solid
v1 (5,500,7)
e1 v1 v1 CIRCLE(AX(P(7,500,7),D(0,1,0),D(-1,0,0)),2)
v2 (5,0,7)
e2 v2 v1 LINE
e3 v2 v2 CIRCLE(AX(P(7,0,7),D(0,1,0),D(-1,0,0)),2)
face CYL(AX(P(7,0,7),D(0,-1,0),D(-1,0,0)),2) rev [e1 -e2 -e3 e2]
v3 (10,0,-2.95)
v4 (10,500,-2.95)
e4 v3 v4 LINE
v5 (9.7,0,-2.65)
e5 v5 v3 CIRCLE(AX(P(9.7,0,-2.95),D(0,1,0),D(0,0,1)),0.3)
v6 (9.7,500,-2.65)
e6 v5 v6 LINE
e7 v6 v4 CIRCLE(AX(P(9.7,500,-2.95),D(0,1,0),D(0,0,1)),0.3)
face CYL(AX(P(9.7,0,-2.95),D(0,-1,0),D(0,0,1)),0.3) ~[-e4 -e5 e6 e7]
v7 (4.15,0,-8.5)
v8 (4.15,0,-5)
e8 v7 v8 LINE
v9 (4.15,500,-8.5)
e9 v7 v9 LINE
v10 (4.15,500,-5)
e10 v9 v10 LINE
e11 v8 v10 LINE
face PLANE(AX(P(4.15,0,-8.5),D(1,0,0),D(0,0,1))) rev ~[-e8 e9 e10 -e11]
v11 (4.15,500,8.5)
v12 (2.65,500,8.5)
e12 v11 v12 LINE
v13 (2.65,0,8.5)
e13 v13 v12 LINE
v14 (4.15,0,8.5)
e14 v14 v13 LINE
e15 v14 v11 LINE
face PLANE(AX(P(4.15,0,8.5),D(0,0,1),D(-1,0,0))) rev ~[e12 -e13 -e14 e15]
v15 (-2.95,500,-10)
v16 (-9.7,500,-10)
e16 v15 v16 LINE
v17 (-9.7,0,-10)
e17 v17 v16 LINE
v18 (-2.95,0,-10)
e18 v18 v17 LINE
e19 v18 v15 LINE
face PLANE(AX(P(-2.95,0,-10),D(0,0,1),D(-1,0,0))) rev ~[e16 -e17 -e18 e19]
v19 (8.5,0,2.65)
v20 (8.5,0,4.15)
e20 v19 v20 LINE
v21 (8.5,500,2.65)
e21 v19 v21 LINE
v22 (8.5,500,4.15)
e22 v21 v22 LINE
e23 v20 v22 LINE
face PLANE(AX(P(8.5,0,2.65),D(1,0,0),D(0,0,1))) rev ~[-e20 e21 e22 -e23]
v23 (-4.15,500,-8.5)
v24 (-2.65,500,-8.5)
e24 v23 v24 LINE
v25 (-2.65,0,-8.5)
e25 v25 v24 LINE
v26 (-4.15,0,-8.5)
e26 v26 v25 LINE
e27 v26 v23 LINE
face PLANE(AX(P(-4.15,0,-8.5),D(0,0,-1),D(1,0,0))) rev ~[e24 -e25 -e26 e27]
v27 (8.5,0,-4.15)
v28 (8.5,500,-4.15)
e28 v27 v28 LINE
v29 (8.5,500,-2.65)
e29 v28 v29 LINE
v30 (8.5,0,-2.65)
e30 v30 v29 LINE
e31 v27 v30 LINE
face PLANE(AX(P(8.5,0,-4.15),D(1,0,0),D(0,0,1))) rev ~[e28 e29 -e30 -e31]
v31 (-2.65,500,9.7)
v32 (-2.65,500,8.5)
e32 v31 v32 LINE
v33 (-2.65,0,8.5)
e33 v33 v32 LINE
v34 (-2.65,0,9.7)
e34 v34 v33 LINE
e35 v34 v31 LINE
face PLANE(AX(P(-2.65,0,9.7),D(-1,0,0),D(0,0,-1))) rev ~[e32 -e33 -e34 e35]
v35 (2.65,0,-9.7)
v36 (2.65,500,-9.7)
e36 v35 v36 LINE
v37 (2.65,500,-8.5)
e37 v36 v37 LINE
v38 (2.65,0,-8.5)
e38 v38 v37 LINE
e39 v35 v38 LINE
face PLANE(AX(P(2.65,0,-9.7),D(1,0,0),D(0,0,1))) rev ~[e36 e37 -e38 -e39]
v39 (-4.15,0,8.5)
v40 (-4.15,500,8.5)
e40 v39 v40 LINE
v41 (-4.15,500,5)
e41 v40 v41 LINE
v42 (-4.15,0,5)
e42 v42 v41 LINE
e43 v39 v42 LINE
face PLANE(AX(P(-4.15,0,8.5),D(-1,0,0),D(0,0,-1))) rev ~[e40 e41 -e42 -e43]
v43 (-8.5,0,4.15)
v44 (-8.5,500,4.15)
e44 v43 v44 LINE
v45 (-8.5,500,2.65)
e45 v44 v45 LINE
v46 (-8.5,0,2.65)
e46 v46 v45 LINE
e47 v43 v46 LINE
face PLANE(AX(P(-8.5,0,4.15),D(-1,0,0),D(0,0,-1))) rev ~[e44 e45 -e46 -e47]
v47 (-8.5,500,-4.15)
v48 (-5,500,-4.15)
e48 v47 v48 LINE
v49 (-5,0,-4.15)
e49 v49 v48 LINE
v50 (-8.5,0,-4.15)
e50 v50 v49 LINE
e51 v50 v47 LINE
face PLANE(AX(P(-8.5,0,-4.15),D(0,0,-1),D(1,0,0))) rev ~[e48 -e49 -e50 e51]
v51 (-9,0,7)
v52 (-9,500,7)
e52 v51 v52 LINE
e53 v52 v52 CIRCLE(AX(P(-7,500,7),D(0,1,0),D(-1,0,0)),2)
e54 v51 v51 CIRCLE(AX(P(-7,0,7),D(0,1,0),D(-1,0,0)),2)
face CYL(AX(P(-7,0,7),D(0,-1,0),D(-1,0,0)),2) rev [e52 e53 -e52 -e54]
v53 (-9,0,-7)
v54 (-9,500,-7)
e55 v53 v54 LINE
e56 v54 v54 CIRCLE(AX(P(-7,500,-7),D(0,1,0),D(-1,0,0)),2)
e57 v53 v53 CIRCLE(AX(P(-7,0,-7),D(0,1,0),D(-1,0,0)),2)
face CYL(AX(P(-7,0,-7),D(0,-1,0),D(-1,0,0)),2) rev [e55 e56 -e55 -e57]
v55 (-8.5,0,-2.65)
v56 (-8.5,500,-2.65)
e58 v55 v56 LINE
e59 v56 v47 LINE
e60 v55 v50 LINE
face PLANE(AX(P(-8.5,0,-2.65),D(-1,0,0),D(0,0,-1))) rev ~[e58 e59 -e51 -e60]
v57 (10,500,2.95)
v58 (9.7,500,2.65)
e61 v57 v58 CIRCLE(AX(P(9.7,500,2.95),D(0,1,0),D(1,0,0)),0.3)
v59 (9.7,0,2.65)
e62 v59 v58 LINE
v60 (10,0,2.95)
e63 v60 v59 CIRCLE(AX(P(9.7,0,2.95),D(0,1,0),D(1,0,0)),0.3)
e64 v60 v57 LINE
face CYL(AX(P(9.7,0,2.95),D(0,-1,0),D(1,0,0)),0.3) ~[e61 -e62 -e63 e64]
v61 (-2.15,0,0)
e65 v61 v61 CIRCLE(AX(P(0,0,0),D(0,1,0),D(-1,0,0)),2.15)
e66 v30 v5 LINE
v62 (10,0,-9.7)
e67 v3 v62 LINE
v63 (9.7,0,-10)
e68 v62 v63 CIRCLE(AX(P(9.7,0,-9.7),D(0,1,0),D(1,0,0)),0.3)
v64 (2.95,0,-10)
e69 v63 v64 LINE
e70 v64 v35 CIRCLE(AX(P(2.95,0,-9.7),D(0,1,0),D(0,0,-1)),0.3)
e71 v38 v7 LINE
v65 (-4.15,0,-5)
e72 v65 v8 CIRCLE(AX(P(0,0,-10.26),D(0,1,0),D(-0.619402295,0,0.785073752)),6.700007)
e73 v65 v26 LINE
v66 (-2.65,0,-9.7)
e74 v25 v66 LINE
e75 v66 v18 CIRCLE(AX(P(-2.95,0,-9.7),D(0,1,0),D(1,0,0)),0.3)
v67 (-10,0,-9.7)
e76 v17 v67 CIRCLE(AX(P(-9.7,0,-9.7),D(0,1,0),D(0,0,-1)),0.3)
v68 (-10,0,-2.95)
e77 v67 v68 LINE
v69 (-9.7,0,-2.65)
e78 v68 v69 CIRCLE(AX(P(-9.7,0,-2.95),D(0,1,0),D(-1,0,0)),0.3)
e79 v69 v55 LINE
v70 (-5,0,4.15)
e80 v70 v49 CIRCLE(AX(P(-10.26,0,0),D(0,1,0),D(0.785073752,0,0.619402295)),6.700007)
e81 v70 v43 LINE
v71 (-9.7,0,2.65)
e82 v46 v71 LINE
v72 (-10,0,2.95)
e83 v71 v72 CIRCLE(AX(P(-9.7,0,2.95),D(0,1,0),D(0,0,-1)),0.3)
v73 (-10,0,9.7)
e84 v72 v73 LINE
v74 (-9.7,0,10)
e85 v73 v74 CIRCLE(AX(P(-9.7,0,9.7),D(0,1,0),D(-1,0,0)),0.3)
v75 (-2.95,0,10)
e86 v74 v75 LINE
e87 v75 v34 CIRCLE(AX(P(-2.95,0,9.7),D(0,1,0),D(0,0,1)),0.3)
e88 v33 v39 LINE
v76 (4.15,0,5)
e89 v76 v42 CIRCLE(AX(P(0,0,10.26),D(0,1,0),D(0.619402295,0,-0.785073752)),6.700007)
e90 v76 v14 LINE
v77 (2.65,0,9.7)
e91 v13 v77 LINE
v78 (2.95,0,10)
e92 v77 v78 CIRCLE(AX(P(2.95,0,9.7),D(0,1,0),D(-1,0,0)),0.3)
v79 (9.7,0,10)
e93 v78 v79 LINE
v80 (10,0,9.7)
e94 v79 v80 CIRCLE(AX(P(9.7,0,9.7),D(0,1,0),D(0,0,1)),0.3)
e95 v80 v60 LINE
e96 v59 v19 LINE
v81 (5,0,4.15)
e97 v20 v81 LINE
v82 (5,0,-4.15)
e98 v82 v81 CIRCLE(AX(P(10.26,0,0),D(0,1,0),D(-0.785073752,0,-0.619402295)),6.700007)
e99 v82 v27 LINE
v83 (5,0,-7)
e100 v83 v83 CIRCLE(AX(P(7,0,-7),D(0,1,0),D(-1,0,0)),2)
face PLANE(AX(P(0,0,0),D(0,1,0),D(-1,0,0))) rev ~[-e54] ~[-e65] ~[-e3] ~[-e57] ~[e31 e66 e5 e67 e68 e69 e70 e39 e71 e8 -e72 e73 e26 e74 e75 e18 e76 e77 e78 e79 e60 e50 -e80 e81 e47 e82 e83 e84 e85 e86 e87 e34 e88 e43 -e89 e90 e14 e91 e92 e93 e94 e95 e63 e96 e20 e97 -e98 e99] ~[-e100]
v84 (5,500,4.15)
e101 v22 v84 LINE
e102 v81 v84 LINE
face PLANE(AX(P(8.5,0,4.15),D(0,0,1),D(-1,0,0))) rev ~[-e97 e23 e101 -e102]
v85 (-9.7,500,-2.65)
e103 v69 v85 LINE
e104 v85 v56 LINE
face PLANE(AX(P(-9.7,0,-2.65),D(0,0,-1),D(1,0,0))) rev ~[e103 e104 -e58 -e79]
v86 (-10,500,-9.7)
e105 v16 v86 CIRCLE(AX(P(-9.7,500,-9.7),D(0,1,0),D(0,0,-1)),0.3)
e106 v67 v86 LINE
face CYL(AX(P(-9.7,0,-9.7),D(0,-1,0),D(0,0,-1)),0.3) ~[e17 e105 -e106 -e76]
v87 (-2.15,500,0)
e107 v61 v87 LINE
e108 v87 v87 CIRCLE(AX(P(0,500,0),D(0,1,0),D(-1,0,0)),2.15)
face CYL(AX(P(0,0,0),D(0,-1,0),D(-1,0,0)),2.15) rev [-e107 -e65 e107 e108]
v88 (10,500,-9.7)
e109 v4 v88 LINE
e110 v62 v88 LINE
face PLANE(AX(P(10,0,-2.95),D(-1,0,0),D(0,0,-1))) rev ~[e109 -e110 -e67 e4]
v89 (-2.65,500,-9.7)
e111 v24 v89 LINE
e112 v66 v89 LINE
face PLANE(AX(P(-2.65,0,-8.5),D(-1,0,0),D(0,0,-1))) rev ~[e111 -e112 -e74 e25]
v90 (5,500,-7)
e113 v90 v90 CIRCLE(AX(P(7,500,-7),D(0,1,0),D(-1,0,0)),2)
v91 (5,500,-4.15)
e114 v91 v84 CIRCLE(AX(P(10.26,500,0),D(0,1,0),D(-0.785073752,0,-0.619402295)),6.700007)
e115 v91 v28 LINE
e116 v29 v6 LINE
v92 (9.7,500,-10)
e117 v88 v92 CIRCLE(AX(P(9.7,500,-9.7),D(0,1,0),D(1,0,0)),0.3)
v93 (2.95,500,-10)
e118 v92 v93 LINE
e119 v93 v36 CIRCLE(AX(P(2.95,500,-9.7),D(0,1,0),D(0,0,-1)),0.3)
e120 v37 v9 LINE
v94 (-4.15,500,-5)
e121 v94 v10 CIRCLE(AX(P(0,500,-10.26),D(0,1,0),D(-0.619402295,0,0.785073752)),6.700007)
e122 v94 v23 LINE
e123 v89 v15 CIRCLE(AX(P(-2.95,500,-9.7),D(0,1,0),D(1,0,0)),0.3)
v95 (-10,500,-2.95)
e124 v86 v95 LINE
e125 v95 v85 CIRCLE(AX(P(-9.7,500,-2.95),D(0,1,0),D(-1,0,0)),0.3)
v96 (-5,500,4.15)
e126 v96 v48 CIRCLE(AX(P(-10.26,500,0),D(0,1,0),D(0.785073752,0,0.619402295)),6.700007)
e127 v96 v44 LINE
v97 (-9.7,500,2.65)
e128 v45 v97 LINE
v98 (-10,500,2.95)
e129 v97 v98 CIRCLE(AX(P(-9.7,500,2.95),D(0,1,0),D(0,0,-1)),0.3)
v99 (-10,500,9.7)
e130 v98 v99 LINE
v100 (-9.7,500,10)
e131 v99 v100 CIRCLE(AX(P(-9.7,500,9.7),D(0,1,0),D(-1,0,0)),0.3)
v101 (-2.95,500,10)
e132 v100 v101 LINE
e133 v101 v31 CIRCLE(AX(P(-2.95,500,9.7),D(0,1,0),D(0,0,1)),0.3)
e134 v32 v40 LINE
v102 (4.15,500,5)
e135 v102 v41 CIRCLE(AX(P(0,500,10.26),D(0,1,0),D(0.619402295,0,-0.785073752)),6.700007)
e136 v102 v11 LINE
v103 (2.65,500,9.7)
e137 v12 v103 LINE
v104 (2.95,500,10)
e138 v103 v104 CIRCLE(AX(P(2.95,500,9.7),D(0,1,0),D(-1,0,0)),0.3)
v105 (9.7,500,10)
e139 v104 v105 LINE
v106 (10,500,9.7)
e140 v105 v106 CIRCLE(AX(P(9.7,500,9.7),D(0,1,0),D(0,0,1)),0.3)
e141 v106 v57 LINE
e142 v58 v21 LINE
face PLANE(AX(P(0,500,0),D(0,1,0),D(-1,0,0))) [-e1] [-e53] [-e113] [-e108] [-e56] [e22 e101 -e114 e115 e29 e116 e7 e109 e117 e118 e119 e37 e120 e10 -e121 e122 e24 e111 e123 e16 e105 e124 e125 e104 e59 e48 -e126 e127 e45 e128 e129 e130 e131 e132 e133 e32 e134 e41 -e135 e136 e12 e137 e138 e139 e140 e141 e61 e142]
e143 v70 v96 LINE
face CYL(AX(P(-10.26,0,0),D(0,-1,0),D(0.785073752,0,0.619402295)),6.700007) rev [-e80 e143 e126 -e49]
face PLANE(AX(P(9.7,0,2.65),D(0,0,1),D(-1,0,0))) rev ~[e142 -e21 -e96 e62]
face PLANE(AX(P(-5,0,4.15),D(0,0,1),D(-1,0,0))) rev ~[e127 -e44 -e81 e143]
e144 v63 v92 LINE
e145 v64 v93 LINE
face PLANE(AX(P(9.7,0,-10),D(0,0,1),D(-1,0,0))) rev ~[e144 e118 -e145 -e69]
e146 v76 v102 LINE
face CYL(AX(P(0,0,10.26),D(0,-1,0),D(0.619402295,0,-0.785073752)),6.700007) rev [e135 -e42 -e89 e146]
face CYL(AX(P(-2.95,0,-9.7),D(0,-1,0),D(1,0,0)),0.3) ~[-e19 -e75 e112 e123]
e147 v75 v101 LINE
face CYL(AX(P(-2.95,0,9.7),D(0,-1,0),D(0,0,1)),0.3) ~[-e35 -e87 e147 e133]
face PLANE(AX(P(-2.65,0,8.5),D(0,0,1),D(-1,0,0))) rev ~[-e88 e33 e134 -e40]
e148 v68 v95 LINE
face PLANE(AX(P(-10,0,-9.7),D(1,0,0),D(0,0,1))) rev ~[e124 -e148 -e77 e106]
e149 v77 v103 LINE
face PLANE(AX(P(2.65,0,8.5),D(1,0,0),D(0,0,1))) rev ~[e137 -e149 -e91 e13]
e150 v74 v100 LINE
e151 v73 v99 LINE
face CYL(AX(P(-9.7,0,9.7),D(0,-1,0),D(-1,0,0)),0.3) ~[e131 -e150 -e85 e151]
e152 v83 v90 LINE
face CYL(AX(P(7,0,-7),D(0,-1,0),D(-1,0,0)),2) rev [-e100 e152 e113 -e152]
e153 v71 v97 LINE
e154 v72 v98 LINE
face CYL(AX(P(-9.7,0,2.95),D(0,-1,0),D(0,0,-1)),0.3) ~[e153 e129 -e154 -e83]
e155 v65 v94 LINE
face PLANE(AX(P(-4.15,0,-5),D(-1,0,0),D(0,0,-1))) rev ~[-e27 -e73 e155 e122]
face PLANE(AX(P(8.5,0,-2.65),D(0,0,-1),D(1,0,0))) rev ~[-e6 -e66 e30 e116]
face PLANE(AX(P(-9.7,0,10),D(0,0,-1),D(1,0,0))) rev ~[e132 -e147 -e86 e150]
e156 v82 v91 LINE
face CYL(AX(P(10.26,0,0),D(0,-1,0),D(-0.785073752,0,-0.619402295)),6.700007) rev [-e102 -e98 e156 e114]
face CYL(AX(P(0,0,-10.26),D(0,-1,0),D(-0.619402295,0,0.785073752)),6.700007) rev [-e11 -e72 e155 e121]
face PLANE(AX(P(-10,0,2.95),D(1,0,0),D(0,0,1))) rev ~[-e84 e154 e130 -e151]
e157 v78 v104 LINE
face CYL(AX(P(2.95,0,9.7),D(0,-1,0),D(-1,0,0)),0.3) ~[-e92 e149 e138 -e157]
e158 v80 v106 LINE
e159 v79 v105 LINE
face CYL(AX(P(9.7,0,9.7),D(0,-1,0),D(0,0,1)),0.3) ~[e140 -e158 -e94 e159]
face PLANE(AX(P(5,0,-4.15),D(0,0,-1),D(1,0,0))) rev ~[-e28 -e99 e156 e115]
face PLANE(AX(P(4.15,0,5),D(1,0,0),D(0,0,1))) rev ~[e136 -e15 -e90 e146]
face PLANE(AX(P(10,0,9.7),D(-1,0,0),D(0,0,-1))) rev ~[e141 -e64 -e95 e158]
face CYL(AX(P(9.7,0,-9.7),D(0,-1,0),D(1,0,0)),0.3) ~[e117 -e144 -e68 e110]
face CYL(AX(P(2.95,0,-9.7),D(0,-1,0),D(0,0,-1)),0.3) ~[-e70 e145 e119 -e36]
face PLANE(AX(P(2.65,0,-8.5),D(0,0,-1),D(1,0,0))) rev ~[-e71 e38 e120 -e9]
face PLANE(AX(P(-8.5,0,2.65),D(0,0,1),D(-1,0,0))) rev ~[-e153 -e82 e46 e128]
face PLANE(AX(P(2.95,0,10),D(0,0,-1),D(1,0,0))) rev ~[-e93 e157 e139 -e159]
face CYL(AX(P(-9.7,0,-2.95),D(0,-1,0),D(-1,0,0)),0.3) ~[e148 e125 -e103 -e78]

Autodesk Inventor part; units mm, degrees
ref_plane "YZ Plane" through (0, 0, 0) normal (1, 0, 0) x (0, 1, 0)
ref_plane "XZ Plane" through (0, 0, 0) normal (0, 1, 0) x (-1, 0, 0)
ref_plane "XY Plane" through (0, 0, 0) normal (0, 0, 1) x (1, 0, 0)
sketch "스케치1" plane through (0, 0, 0) normal (0, 1, 0) x (-1, 0, 0)
  circle A0 centre (-26.5671, -74.7948) radius 2.15 projected
  circle A1 centre (-19.5671, -81.7948) radius 2 projected
  circle A2 centre (-19.5671, -67.7948) radius 2 projected
  circle A3 centre (-33.5671, -67.7948) radius 2 projected
  circle A4 centre (-33.5671, -81.7948) radius 2 projected
  arc A5 (-29.2171, -65.0948) -> (-29.5171, -64.7948) centre (-29.5171, -65.0948) ccw projected
  line L0 (-29.5171, -64.7948) -> (-36.2671, -64.7948) projected
  arc A6 (-36.2671, -64.7948) -> (-36.5671, -65.0948) centre (-36.2671, -65.0948) ccw projected
  line L1 (-36.5671, -65.0948) -> (-36.5671, -71.8448) projected
  arc A7 (-36.5671, -71.8448) -> (-36.2671, -72.1448) centre (-36.2671, -71.8448) ccw projected
  line L2 (-36.2671, -72.1448) -> (-35.0671, -72.1448) projected
  line L3 (-35.0671, -72.1448) -> (-35.0671, -70.6448) projected
  line L4 (-35.0671, -70.6448) -> (-31.5671, -70.6448) projected
  arc A8 (-31.5671, -78.9448) -> (-31.5671, -70.6448) centre (-36.8271, -74.7948) ccw projected
  line L5 (-31.5671, -78.9448) -> (-35.0671, -78.9448) projected
  line L6 (-35.0671, -78.9448) -> (-35.0671, -77.4448) projected
  line L7 (-35.0671, -77.4448) -> (-36.2671, -77.4448) projected
  arc A9 (-36.2671, -77.4448) -> (-36.5671, -77.7448) centre (-36.2671, -77.7448) ccw projected
  line L8 (-36.5671, -77.7448) -> (-36.5671, -84.4948) projected
  arc A10 (-36.5671, -84.4948) -> (-36.2671, -84.7948) centre (-36.2671, -84.4948) ccw projected
  line L9 (-36.2671, -84.7948) -> (-29.5171, -84.7948) projected
  arc A11 (-29.5171, -84.7948) -> (-29.2171, -84.4948) centre (-29.5171, -84.4948) ccw projected
  line L10 (-29.2171, -84.4948) -> (-29.2171, -83.2948) projected
  line L11 (-29.2171, -83.2948) -> (-30.7171, -83.2948) projected
  line L12 (-30.7171, -83.2948) -> (-30.7171, -79.7948) projected
  arc A12 (-22.4171, -79.7948) -> (-30.7171, -79.7948) centre (-26.5671, -85.0548) ccw projected
  line L13 (-22.4171, -79.7948) -> (-22.4171, -83.2948) projected
  line L14 (-22.4171, -83.2948) -> (-23.9171, -83.2948) projected
  line L15 (-23.9171, -83.2948) -> (-23.9171, -84.4948) projected
  arc A13 (-23.9171, -84.4948) -> (-23.6171, -84.7948) centre (-23.6171, -84.4948) ccw projected
  line L16 (-23.6171, -84.7948) -> (-16.8671, -84.7948) projected
  arc A14 (-16.8671, -84.7948) -> (-16.5671, -84.4948) centre (-16.8671, -84.4948) ccw projected
  line L17 (-16.5671, -84.4948) -> (-16.5671, -77.7448) projected
  arc A15 (-16.5671, -77.7448) -> (-16.8671, -77.4448) centre (-16.8671, -77.7448) ccw projected
  line L18 (-16.8671, -77.4448) -> (-18.0671, -77.4448) projected
  line L19 (-18.0671, -77.4448) -> (-18.0671, -78.9448) projected
  line L20 (-18.0671, -78.9448) -> (-21.5671, -78.9448) projected
  arc A16 (-21.5671, -70.6448) -> (-21.5671, -78.9448) centre (-16.3071, -74.7948) ccw projected
  line L21 (-21.5671, -70.6448) -> (-18.0671, -70.6448) projected
  line L22 (-18.0671, -70.6448) -> (-18.0671, -72.1448) projected
  line L23 (-18.0671, -72.1448) -> (-16.8671, -72.1448) projected
  arc A17 (-16.8671, -72.1448) -> (-16.5671, -71.8448) centre (-16.8671, -71.8448) ccw projected
  line L24 (-16.5671, -71.8448) -> (-16.5671, -65.0948) projected
  arc A18 (-16.5671, -65.0948) -> (-16.8671, -64.7948) centre (-16.8671, -65.0948) ccw projected
  line L25 (-16.8671, -64.7948) -> (-23.6171, -64.7948) projected
  arc A19 (-23.6171, -64.7948) -> (-23.9171, -65.0948) centre (-23.6171, -65.0948) ccw projected
  line L26 (-23.9171, -65.0948) -> (-23.9171, -66.2948) projected
  line L27 (-23.9171, -66.2948) -> (-22.4171, -66.2948) projected
  line L28 (-22.4171, -66.2948) -> (-22.4171, -69.7948) projected
  arc A20 (-30.7171, -69.7948) -> (-22.4171, -69.7948) centre (-26.5671, -64.5348) ccw projected
  line L29 (-30.7171, -69.7948) -> (-30.7171, -66.2948) projected
  line L30 (-30.7171, -66.2948) -> (-29.2171, -66.2948) projected
  line L31 (-29.2171, -66.2948) -> (-29.2171, -65.0948) projected
  circle A21 centre (0, 0) radius 2.15
  circle A22 centre (7, -7) radius 2
  circle A23 centre (7, 7) radius 2
  circle A24 centre (-7, 7) radius 2
  circle A25 centre (-7, -7) radius 2
  arc A26 (-2.65, 9.7) -> (-2.95, 10) centre (-2.95, 9.7) ccw
  line L32 (-2.95, 10) -> (-9.7, 10)
  arc A27 (-9.7, 10) -> (-10, 9.7) centre (-9.7, 9.7) ccw
  line L33 (-10, 9.7) -> (-10, 2.95)
  arc A28 (-10, 2.95) -> (-9.7, 2.65) centre (-9.7, 2.95) ccw
  line L34 (-9.7, 2.65) -> (-8.5, 2.65)
  line L35 (-8.5, 2.65) -> (-8.5, 4.15)
  line L36 (-8.5, 4.15) -> (-5, 4.15)
  arc A29 (-5, -4.15) -> (-5, 4.15) centre (-10.26, 0) ccw
  line L37 (-5, -4.15) -> (-8.5, -4.15)
  line L38 (-8.5, -4.15) -> (-8.5, -2.65)
  line L39 (-8.5, -2.65) -> (-9.7, -2.65)
  arc A30 (-9.7, -2.65) -> (-10, -2.95) centre (-9.7, -2.95) ccw
  line L40 (-10, -2.95) -> (-10, -9.7)
  arc A31 (-10, -9.7) -> (-9.7, -10) centre (-9.7, -9.7) ccw
  line L41 (-9.7, -10) -> (-2.95, -10)
  arc A32 (-2.95, -10) -> (-2.65, -9.7) centre (-2.95, -9.7) ccw
  line L42 (-2.65, -9.7) -> (-2.65, -8.5)
  line L43 (-2.65, -8.5) -> (-4.15, -8.5)
  line L44 (-4.15, -8.5) -> (-4.15, -5)
  arc A33 (4.15, -5) -> (-4.15, -5) centre (0, -10.26) ccw
  line L45 (4.15, -5) -> (4.15, -8.5)
  line L46 (4.15, -8.5) -> (2.65, -8.5)
  line L47 (2.65, -8.5) -> (2.65, -9.7)
  arc A34 (2.65, -9.7) -> (2.95, -10) centre (2.95, -9.7) ccw
  line L48 (2.95, -10) -> (9.7, -10)
  arc A35 (9.7, -10) -> (10, -9.7) centre (9.7, -9.7) ccw
  line L49 (10, -9.7) -> (10, -2.95)
  arc A36 (10, -2.95) -> (9.7, -2.65) centre (9.7, -2.95) ccw
  line L50 (9.7, -2.65) -> (8.5, -2.65)
  line L51 (8.5, -2.65) -> (8.5, -4.15)
  line L52 (8.5, -4.15) -> (5, -4.15)
  arc A37 (5, 4.15) -> (5, -4.15) centre (10.26, 0) ccw
  line L53 (5, 4.15) -> (8.5, 4.15)
  line L54 (8.5, 4.15) -> (8.5, 2.65)
  line L55 (8.5, 2.65) -> (9.7, 2.65)
  arc A38 (9.7, 2.65) -> (10, 2.95) centre (9.7, 2.95) ccw
  line L56 (10, 2.95) -> (10, 9.7)
  arc A39 (10, 9.7) -> (9.7, 10) centre (9.7, 9.7) ccw
  line L57 (9.7, 10) -> (2.95, 10)
  arc A40 (2.95, 10) -> (2.65, 9.7) centre (2.95, 9.7) ccw
  line L58 (2.65, 9.7) -> (2.65, 8.5)
  line L59 (2.65, 8.5) -> (4.15, 8.5)
  line L60 (4.15, 8.5) -> (4.15, 5)
  arc A41 (-4.15, 5) -> (4.15, 5) centre (0, 10.26) ccw
  line L61 (-4.15, 5) -> (-4.15, 8.5)
  line L62 (-4.15, 8.5) -> (-2.65, 8.5)
  line L63 (-2.65, 8.5) -> (-2.65, 9.7)
extrude "돌출1" add sketch "스케치1" along normal blind 500 contours L63 L62 L61 A41 L60 L59 L58 A40 L57 A39 L56 A38 L55 L54 L53 A37 L52 L51 L50 A36 L49 A35 L48 A34 L47 L46 L45 A33 L44 L43 L42 A32 L41 A31 L40 A30 L39 L38 L37 A29 L36 L35 L34 A28 L33 A27 L32 A26
properties part number "Propile_202050" material "알루미늄 6061"
